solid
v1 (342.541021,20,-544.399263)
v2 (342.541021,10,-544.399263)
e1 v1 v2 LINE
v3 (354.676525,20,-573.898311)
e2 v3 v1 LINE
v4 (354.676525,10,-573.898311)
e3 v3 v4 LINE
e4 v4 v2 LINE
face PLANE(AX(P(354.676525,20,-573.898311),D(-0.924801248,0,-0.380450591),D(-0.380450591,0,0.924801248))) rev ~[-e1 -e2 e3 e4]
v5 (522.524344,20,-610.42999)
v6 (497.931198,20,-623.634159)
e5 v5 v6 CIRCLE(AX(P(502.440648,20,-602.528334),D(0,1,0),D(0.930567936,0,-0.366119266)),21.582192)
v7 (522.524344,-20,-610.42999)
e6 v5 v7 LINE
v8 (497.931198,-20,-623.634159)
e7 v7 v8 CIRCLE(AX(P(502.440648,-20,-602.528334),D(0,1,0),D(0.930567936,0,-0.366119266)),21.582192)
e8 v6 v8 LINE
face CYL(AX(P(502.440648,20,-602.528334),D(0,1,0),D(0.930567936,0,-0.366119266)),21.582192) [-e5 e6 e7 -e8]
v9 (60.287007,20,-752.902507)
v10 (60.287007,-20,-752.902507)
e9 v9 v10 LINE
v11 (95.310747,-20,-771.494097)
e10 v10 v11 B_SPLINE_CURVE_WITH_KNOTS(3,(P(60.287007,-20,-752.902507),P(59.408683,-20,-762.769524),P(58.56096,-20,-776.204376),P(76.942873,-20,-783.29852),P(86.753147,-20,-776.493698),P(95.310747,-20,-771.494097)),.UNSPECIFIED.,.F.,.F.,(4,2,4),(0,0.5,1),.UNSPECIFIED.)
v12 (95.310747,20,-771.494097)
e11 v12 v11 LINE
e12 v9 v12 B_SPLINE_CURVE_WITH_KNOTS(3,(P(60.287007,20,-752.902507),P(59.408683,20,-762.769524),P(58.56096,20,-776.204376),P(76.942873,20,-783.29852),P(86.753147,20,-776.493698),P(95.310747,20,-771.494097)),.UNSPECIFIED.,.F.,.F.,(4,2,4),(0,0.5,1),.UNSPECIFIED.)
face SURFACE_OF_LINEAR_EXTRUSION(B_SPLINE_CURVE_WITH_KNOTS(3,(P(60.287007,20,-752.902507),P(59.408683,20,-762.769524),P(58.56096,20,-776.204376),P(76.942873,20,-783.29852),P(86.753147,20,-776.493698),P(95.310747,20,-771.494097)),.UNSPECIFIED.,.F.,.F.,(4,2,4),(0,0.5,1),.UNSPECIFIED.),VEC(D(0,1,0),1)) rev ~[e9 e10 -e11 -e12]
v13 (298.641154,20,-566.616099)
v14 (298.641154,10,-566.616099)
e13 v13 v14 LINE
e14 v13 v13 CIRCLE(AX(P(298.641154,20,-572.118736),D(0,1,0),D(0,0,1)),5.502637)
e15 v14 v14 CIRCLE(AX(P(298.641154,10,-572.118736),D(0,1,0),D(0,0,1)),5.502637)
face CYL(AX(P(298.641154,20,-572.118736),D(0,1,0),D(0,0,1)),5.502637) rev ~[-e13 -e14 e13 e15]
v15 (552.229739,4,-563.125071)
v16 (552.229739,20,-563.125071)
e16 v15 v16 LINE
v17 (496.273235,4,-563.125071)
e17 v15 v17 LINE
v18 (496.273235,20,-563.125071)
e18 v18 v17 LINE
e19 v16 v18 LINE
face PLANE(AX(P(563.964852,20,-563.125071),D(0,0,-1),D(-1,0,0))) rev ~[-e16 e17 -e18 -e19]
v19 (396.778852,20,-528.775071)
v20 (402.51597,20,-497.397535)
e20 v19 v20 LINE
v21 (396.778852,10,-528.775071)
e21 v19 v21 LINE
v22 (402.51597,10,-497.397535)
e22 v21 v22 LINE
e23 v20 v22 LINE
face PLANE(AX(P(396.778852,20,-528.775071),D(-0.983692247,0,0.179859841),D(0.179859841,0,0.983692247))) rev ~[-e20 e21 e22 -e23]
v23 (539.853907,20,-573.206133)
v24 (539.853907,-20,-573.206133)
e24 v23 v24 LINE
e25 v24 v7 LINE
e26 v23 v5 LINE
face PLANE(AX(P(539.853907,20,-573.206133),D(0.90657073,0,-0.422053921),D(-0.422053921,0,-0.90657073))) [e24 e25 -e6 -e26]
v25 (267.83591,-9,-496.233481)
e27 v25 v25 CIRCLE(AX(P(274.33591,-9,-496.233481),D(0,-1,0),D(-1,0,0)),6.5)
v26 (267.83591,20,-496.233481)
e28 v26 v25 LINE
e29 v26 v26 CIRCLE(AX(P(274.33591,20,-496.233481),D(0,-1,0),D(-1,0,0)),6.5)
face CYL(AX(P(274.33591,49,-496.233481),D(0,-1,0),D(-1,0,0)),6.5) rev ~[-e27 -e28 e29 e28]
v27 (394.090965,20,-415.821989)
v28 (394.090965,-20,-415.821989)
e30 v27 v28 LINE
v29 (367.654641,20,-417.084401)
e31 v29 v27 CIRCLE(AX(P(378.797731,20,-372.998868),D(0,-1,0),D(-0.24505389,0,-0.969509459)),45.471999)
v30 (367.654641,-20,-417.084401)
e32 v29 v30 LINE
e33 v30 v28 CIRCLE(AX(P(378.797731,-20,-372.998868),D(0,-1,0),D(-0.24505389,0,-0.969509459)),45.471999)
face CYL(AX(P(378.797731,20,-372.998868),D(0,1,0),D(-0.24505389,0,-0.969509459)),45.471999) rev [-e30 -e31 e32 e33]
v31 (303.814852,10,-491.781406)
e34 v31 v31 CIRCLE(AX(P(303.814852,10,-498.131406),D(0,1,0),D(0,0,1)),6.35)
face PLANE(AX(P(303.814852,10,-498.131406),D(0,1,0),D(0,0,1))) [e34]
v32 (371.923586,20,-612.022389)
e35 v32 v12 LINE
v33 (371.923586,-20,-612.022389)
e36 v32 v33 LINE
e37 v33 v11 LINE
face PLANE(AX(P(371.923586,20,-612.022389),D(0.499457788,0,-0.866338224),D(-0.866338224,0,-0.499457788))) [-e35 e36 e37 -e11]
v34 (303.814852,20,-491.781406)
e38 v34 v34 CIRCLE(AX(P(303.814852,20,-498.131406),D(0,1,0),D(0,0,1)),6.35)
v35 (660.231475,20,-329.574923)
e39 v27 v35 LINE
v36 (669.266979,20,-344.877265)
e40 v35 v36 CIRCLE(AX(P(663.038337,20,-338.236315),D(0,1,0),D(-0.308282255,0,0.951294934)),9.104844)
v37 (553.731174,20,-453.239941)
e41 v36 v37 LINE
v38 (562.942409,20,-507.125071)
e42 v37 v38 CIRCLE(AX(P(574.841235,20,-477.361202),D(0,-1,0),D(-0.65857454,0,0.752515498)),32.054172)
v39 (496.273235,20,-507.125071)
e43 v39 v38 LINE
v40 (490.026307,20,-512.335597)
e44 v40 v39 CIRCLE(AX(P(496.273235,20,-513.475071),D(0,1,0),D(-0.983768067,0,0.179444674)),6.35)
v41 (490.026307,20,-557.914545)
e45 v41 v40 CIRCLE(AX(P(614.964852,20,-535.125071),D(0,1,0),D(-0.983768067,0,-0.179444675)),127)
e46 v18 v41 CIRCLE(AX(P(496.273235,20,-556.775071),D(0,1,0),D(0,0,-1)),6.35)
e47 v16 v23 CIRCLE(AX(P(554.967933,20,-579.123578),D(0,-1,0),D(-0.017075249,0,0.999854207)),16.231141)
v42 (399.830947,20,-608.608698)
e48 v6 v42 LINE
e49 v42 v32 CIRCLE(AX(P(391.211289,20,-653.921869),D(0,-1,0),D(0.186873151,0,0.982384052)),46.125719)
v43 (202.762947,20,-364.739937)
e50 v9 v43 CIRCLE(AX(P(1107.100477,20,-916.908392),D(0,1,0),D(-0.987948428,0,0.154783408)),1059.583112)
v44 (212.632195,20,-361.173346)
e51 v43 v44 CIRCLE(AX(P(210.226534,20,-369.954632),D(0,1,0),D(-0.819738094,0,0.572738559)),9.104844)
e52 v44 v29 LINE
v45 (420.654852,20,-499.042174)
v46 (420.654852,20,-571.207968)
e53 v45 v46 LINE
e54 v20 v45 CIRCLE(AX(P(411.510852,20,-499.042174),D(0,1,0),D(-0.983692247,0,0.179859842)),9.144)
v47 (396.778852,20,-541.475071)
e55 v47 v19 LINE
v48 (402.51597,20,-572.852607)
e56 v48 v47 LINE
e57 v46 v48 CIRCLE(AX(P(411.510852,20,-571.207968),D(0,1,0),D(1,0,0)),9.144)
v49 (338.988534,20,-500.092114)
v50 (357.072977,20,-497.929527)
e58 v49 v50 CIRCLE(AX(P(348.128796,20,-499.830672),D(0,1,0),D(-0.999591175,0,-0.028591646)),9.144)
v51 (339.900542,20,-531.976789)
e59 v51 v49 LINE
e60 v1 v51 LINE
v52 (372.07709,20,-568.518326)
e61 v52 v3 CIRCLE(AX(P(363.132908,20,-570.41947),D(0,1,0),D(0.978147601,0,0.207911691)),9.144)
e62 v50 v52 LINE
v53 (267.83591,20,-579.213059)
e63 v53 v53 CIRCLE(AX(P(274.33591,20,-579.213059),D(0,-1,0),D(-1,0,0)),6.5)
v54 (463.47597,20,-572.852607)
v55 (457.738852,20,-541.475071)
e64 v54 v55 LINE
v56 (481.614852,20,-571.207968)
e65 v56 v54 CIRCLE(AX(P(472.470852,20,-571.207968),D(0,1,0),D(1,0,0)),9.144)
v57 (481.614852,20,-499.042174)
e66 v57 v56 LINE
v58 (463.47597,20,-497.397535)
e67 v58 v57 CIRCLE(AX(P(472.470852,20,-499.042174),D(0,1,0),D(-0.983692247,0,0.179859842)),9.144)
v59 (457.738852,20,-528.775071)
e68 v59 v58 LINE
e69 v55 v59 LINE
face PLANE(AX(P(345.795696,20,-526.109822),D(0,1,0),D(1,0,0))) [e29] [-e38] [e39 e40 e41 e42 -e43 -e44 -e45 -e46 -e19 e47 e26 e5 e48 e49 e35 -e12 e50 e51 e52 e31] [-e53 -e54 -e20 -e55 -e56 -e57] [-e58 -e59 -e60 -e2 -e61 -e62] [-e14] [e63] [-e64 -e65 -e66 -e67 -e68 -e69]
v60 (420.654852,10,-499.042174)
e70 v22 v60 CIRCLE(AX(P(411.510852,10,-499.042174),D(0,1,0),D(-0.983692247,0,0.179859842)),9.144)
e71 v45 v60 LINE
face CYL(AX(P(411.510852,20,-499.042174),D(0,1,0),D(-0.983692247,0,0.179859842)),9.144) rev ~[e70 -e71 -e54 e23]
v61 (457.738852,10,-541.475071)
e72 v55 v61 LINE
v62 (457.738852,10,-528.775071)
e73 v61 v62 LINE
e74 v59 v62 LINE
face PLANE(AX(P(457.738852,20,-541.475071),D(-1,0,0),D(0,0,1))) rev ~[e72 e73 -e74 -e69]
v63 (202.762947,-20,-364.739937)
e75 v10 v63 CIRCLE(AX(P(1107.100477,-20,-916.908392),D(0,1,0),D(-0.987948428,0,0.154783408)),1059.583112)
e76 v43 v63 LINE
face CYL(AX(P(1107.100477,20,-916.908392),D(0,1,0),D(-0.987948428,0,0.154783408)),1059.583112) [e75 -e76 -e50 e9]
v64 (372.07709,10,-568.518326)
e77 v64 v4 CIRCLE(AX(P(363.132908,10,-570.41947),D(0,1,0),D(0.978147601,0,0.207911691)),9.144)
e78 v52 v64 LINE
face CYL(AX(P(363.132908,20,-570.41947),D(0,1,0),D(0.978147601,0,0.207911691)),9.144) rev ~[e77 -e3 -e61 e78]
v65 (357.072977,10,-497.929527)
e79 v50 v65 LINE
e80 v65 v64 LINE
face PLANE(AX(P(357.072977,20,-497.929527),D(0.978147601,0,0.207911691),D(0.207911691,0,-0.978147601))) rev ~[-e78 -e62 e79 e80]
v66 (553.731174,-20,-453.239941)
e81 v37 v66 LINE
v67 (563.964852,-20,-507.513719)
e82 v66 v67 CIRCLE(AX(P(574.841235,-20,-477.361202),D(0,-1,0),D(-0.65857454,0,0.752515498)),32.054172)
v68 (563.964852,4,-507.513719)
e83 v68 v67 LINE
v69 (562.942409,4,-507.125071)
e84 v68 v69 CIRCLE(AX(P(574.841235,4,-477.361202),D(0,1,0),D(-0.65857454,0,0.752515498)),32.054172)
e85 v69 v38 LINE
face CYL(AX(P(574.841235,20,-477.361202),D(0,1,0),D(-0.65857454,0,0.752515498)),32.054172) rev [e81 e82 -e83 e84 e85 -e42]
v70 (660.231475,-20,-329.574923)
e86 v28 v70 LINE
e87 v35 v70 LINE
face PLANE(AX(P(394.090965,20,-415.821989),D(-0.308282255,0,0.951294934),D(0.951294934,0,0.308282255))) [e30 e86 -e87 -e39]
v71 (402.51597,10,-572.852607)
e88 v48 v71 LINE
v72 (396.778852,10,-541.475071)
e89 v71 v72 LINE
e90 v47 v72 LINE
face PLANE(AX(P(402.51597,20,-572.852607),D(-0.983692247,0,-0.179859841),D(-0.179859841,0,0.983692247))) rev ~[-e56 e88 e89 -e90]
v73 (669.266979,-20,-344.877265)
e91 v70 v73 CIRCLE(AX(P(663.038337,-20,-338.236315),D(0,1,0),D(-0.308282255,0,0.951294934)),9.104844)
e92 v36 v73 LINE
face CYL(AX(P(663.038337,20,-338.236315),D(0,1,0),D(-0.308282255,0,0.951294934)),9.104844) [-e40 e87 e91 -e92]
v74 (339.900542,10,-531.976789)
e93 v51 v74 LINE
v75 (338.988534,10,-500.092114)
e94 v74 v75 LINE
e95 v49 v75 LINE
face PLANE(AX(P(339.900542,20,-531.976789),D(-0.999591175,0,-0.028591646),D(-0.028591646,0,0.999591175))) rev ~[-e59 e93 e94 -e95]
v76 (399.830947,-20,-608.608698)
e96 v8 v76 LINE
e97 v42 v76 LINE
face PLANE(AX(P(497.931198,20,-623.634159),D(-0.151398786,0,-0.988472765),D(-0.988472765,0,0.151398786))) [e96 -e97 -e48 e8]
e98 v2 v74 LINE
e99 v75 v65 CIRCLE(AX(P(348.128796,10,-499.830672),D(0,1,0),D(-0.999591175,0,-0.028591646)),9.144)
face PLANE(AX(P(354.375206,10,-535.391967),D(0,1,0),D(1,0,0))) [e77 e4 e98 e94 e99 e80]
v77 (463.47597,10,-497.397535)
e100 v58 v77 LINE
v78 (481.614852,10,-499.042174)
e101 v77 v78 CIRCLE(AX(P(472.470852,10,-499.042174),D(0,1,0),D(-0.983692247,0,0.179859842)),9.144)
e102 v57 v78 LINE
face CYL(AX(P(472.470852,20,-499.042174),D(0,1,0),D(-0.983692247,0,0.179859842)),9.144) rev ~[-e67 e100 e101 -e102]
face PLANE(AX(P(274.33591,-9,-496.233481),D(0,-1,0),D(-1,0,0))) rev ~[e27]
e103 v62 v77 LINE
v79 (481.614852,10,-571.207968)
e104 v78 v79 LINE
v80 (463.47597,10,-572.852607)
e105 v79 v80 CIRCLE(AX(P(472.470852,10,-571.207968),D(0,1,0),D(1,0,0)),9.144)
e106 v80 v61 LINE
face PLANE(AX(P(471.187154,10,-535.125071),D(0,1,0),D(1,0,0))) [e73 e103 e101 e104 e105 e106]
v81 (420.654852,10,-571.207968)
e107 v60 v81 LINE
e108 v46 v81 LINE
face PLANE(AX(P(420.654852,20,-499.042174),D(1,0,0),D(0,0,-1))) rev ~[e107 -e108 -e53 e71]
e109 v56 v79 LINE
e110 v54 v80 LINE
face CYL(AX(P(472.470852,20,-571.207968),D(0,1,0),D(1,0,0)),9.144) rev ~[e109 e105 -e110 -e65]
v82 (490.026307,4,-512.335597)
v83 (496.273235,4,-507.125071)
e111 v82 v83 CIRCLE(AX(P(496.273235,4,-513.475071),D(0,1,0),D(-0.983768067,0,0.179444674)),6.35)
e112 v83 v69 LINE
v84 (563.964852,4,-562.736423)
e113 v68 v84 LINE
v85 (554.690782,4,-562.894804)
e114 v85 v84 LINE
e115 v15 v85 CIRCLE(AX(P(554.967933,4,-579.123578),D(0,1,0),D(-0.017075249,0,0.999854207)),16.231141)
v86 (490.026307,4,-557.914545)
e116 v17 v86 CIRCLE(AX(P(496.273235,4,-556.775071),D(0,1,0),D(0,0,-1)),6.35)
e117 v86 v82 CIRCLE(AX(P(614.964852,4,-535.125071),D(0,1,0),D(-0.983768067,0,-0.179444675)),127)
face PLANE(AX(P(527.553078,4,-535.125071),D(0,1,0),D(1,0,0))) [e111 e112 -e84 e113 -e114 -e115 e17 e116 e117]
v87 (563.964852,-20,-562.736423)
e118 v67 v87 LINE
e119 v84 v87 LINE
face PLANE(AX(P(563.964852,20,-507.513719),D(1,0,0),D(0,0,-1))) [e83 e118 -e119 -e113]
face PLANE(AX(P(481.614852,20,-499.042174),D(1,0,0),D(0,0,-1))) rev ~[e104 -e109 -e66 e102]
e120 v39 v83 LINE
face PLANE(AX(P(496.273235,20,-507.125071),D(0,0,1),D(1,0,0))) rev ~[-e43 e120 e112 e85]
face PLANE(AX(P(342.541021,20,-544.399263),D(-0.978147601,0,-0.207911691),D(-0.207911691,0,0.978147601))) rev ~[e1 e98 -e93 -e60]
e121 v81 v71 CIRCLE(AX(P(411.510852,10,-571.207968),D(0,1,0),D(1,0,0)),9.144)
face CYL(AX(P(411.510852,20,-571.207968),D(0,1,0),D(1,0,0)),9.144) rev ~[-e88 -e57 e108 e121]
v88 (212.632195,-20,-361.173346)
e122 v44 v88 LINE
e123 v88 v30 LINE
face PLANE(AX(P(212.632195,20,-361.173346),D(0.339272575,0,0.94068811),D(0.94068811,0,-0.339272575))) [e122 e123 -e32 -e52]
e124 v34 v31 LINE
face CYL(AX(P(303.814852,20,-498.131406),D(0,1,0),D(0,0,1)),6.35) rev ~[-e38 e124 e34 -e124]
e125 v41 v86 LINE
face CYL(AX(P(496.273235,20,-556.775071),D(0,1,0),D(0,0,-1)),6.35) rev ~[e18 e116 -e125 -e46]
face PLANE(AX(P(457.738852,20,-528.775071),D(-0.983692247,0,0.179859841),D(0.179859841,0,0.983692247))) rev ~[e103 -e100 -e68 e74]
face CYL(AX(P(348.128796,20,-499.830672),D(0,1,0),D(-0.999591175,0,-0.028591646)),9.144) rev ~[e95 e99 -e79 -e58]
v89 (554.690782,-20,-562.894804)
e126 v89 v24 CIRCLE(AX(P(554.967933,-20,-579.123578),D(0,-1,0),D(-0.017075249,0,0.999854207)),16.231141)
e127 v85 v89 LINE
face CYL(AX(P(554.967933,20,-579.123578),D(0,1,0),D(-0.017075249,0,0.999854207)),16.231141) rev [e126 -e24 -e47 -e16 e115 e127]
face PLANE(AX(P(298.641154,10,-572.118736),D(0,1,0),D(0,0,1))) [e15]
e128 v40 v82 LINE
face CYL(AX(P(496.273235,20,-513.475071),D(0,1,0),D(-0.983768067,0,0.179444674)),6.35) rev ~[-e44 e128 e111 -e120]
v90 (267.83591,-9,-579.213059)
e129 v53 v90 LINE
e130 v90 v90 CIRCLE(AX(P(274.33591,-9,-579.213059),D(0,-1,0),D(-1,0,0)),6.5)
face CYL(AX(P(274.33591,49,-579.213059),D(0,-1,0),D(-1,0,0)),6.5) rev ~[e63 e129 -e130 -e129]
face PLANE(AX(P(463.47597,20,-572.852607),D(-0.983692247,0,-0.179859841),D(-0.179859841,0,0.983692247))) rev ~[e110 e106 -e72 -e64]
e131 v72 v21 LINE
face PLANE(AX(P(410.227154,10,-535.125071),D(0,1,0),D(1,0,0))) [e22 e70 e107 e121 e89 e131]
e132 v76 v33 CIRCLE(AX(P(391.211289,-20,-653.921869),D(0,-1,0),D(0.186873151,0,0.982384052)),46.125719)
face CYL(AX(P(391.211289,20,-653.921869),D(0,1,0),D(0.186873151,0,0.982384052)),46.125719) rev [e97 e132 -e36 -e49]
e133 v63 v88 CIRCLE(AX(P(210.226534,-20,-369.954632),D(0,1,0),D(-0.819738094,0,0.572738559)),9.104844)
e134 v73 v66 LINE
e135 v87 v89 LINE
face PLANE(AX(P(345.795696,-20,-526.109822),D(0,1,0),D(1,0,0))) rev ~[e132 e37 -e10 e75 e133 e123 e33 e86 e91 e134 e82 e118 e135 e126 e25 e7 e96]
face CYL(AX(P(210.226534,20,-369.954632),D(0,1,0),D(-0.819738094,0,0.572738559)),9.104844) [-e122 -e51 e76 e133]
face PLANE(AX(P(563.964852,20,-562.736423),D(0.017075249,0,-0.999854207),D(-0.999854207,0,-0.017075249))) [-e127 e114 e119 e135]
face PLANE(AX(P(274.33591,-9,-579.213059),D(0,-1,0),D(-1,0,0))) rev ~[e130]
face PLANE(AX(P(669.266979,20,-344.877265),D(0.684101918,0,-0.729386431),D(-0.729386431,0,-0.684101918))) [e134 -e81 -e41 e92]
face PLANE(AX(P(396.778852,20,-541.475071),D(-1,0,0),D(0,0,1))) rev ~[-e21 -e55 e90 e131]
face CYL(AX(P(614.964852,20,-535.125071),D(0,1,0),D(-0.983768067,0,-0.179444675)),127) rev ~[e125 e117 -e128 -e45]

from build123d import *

# Parameters (mm, degrees)
BOSS_EXTRUDE1_DEPTH            = 40
F_13_0_13_DIAMETER_HOLE1_D     = 13
F_13_0_13_DIAMETER_HOLE1_DEPTH = 29
CUT_EXTRUDE8_DEPTH             = 16
SKETCH14_R                     = 6.35
SKETCH14_R_2                   = 5.502637429
CUT_EXTRUDE9_DEPTH             = 10
CUT_EXTRUDE10_DEPTH            = 10


with BuildPart() as part:
    # Sketch1 → Boss-Extrude1 (new body)
    with BuildSketch(Plane(origin=(0, 20, 0), x_dir=(1, 0, 0), z_dir=(0, 1, 0))):
        with BuildLine():
            Line((563.96485174, 507.513718698), (563.96485174, 562.736423486))
            Line((563.96485174, 562.736423486), (554.690781869, 562.894803628))
            ThreePointArc((554.690781869, 562.894803628), (545.704943994, 565.795150829), (539.853906856, 573.206133263))
            Line((539.853906856, 573.206133263), (522.524343645, 610.429990226))
            ThreePointArc((522.524343645, 610.429990226), (512.649800976, 621.543175495), (497.931198247, 623.634159339))
            Line((497.931198247, 623.634159339), (399.830947056, 608.608698386))
            ThreePointArc((399.830947056, 608.608698386), (385.610832142, 608.137408426), (371.923585817, 612.02238853))
            Line((371.923585817, 612.02238853), (95.310746964, 771.494097008))
            add(Edge.make_bspline(
                [(60.287007155, 752.902507236), (59.408683029, 762.769524202), (58.560960325, 776.204376236), (76.94287295, 783.298520304), (86.753146937, 776.493697586), (95.310746964, 771.494097008)],
                knots=[0, 0, 0, 0, 0.5, 0.5, 1, 1, 1, 1], degree=3))
            ThreePointArc((60.287007155, 752.902507236), (112.407005996, 551.803928099), (202.762947005, 364.739937083))
            ThreePointArc((202.762947005, 364.739937083), (207.132055784, 361.391783138), (212.632195034, 361.173346422))
            Line((212.632195034, 361.173346422), (367.65464082, 417.084401042))
            ThreePointArc((367.65464082, 417.084401042), (380.966681082, 418.419109504), (394.090964942, 415.82198883))
            Line((394.090964942, 415.82198883), (660.231475403, 329.574923038))
            ThreePointArc((660.231475403, 329.574923038), (670.878462163, 333.606992627), (669.266978502, 344.877264703))
            Line((669.266978502, 344.877264703), (553.73117364, 453.239940989))
            ThreePointArc((553.73117364, 453.239940989), (543.342125743, 483.300566911), (563.96485174, 507.513718698))
        make_face()
    extrude(amount=-BOSS_EXTRUDE1_DEPTH)

    # Ø13.0 (13) Diameter Hole1
    with Locations(Plane(origin=(0, 20, 0), x_dir=(1, 0, 0), z_dir=(0, 1, 0))):
        with Locations((274.335910331, 496.233480955), (274.335910331, 579.213058938)):
            Hole(F_13_0_13_DIAMETER_HOLE1_D / 2, depth=F_13_0_13_DIAMETER_HOLE1_DEPTH)

    # Sketch13 → Cut-Extrude8 (cut)
    with BuildSketch(Plane(origin=(0, 20, 0), x_dir=(1, 0, 0), z_dir=(0, 1, 0))):
        with BuildLine():
            Line((563.96485174, 563.125071092), (496.273234513, 563.125071092))
            ThreePointArc((496.273234513, 563.125071092), (492.20587406, 561.651450789), (490.026307291, 557.914544776))
            ThreePointArc((490.026307291, 557.914544776), (487.96485174, 535.125071092), (490.026307291, 512.335597408))
            ThreePointArc((490.026307291, 512.335597408), (492.20587406, 508.598691395), (496.273234513, 507.125071092))
            Line((496.273234513, 507.125071092), (563.96485174, 507.125071092))
            Line((563.96485174, 507.125071092), (563.96485174, 563.125071092))
        make_face()
    extrude(amount=-CUT_EXTRUDE8_DEPTH, mode=Mode.SUBTRACT)

    # Sketch14 → Cut-Extrude9 (cut)
    with BuildSketch(Plane(origin=(0, 20, 0), x_dir=(1, 0, 0), z_dir=(0, 1, 0))):
        with Locations(Location((303.81485174, 498.131405852, 0), (0, 0, 270))):
            Circle(SKETCH14_R)
        with Locations(Location((298.641153596, 572.118736332, 0), (0, 0, 270))):
            Circle(SKETCH14_R_2)
    extrude(amount=-CUT_EXTRUDE9_DEPTH, mode=Mode.SUBTRACT)

    # Sketch17 → Cut-Extrude10 (cut)
    with BuildSketch(Plane(origin=(0, 20, 0), x_dir=(1, 0, 0), z_dir=(0, 1, 0))):
        with BuildLine():
            Line((481.61485174, 499.042173829), (481.61485174, 571.207968354))
            ThreePointArc((481.61485174, 571.207968354), (473.296544122, 580.314612527), (463.475969831, 572.852606745))
            Line((463.475969831, 572.852606745), (457.73885174, 541.475071092))
            Line((457.73885174, 541.475071092), (457.73885174, 528.775071092))
            Line((457.73885174, 528.775071092), (463.475969831, 497.397535439))
            ThreePointArc((463.475969831, 497.397535439), (473.296544122, 489.935529657), (481.61485174, 499.042173829))
        make_face()
        with BuildLine():
            Line((420.65485174, 499.042173829), (420.65485174, 571.207968354))
            ThreePointArc((420.65485174, 571.207968354), (412.336544122, 580.314612527), (402.515969831, 572.852606745))
            Line((402.515969831, 572.852606745), (396.77885174, 541.475071092))
            Line((396.77885174, 541.475071092), (396.77885174, 528.775071092))
            Line((396.77885174, 528.775071092), (402.515969831, 497.397535439))
            ThreePointArc((402.515969831, 497.397535439), (412.336544122, 489.935529657), (420.65485174, 499.042173829))
        make_face()
        with BuildLine():
            Line((357.072977222, 497.929527206), (372.077089581, 568.518325976))
            ThreePointArc((372.077089581, 568.518325976), (365.83393473, 579.155441526), (354.67652531, 573.898310679))
            Line((354.67652531, 573.898310679), (342.541020523, 544.399263386))
            Line((342.541020523, 544.399263386), (339.90054205, 531.976788856))
            Line((339.90054205, 531.976788856), (338.988533854, 500.092113718))
            ThreePointArc((338.988533854, 500.092113718), (347.043066796, 490.751358459), (357.072977222, 497.929527206))
        make_face()
    extrude(amount=-CUT_EXTRUDE10_DEPTH, mode=Mode.SUBTRACT)


solid = part.part
